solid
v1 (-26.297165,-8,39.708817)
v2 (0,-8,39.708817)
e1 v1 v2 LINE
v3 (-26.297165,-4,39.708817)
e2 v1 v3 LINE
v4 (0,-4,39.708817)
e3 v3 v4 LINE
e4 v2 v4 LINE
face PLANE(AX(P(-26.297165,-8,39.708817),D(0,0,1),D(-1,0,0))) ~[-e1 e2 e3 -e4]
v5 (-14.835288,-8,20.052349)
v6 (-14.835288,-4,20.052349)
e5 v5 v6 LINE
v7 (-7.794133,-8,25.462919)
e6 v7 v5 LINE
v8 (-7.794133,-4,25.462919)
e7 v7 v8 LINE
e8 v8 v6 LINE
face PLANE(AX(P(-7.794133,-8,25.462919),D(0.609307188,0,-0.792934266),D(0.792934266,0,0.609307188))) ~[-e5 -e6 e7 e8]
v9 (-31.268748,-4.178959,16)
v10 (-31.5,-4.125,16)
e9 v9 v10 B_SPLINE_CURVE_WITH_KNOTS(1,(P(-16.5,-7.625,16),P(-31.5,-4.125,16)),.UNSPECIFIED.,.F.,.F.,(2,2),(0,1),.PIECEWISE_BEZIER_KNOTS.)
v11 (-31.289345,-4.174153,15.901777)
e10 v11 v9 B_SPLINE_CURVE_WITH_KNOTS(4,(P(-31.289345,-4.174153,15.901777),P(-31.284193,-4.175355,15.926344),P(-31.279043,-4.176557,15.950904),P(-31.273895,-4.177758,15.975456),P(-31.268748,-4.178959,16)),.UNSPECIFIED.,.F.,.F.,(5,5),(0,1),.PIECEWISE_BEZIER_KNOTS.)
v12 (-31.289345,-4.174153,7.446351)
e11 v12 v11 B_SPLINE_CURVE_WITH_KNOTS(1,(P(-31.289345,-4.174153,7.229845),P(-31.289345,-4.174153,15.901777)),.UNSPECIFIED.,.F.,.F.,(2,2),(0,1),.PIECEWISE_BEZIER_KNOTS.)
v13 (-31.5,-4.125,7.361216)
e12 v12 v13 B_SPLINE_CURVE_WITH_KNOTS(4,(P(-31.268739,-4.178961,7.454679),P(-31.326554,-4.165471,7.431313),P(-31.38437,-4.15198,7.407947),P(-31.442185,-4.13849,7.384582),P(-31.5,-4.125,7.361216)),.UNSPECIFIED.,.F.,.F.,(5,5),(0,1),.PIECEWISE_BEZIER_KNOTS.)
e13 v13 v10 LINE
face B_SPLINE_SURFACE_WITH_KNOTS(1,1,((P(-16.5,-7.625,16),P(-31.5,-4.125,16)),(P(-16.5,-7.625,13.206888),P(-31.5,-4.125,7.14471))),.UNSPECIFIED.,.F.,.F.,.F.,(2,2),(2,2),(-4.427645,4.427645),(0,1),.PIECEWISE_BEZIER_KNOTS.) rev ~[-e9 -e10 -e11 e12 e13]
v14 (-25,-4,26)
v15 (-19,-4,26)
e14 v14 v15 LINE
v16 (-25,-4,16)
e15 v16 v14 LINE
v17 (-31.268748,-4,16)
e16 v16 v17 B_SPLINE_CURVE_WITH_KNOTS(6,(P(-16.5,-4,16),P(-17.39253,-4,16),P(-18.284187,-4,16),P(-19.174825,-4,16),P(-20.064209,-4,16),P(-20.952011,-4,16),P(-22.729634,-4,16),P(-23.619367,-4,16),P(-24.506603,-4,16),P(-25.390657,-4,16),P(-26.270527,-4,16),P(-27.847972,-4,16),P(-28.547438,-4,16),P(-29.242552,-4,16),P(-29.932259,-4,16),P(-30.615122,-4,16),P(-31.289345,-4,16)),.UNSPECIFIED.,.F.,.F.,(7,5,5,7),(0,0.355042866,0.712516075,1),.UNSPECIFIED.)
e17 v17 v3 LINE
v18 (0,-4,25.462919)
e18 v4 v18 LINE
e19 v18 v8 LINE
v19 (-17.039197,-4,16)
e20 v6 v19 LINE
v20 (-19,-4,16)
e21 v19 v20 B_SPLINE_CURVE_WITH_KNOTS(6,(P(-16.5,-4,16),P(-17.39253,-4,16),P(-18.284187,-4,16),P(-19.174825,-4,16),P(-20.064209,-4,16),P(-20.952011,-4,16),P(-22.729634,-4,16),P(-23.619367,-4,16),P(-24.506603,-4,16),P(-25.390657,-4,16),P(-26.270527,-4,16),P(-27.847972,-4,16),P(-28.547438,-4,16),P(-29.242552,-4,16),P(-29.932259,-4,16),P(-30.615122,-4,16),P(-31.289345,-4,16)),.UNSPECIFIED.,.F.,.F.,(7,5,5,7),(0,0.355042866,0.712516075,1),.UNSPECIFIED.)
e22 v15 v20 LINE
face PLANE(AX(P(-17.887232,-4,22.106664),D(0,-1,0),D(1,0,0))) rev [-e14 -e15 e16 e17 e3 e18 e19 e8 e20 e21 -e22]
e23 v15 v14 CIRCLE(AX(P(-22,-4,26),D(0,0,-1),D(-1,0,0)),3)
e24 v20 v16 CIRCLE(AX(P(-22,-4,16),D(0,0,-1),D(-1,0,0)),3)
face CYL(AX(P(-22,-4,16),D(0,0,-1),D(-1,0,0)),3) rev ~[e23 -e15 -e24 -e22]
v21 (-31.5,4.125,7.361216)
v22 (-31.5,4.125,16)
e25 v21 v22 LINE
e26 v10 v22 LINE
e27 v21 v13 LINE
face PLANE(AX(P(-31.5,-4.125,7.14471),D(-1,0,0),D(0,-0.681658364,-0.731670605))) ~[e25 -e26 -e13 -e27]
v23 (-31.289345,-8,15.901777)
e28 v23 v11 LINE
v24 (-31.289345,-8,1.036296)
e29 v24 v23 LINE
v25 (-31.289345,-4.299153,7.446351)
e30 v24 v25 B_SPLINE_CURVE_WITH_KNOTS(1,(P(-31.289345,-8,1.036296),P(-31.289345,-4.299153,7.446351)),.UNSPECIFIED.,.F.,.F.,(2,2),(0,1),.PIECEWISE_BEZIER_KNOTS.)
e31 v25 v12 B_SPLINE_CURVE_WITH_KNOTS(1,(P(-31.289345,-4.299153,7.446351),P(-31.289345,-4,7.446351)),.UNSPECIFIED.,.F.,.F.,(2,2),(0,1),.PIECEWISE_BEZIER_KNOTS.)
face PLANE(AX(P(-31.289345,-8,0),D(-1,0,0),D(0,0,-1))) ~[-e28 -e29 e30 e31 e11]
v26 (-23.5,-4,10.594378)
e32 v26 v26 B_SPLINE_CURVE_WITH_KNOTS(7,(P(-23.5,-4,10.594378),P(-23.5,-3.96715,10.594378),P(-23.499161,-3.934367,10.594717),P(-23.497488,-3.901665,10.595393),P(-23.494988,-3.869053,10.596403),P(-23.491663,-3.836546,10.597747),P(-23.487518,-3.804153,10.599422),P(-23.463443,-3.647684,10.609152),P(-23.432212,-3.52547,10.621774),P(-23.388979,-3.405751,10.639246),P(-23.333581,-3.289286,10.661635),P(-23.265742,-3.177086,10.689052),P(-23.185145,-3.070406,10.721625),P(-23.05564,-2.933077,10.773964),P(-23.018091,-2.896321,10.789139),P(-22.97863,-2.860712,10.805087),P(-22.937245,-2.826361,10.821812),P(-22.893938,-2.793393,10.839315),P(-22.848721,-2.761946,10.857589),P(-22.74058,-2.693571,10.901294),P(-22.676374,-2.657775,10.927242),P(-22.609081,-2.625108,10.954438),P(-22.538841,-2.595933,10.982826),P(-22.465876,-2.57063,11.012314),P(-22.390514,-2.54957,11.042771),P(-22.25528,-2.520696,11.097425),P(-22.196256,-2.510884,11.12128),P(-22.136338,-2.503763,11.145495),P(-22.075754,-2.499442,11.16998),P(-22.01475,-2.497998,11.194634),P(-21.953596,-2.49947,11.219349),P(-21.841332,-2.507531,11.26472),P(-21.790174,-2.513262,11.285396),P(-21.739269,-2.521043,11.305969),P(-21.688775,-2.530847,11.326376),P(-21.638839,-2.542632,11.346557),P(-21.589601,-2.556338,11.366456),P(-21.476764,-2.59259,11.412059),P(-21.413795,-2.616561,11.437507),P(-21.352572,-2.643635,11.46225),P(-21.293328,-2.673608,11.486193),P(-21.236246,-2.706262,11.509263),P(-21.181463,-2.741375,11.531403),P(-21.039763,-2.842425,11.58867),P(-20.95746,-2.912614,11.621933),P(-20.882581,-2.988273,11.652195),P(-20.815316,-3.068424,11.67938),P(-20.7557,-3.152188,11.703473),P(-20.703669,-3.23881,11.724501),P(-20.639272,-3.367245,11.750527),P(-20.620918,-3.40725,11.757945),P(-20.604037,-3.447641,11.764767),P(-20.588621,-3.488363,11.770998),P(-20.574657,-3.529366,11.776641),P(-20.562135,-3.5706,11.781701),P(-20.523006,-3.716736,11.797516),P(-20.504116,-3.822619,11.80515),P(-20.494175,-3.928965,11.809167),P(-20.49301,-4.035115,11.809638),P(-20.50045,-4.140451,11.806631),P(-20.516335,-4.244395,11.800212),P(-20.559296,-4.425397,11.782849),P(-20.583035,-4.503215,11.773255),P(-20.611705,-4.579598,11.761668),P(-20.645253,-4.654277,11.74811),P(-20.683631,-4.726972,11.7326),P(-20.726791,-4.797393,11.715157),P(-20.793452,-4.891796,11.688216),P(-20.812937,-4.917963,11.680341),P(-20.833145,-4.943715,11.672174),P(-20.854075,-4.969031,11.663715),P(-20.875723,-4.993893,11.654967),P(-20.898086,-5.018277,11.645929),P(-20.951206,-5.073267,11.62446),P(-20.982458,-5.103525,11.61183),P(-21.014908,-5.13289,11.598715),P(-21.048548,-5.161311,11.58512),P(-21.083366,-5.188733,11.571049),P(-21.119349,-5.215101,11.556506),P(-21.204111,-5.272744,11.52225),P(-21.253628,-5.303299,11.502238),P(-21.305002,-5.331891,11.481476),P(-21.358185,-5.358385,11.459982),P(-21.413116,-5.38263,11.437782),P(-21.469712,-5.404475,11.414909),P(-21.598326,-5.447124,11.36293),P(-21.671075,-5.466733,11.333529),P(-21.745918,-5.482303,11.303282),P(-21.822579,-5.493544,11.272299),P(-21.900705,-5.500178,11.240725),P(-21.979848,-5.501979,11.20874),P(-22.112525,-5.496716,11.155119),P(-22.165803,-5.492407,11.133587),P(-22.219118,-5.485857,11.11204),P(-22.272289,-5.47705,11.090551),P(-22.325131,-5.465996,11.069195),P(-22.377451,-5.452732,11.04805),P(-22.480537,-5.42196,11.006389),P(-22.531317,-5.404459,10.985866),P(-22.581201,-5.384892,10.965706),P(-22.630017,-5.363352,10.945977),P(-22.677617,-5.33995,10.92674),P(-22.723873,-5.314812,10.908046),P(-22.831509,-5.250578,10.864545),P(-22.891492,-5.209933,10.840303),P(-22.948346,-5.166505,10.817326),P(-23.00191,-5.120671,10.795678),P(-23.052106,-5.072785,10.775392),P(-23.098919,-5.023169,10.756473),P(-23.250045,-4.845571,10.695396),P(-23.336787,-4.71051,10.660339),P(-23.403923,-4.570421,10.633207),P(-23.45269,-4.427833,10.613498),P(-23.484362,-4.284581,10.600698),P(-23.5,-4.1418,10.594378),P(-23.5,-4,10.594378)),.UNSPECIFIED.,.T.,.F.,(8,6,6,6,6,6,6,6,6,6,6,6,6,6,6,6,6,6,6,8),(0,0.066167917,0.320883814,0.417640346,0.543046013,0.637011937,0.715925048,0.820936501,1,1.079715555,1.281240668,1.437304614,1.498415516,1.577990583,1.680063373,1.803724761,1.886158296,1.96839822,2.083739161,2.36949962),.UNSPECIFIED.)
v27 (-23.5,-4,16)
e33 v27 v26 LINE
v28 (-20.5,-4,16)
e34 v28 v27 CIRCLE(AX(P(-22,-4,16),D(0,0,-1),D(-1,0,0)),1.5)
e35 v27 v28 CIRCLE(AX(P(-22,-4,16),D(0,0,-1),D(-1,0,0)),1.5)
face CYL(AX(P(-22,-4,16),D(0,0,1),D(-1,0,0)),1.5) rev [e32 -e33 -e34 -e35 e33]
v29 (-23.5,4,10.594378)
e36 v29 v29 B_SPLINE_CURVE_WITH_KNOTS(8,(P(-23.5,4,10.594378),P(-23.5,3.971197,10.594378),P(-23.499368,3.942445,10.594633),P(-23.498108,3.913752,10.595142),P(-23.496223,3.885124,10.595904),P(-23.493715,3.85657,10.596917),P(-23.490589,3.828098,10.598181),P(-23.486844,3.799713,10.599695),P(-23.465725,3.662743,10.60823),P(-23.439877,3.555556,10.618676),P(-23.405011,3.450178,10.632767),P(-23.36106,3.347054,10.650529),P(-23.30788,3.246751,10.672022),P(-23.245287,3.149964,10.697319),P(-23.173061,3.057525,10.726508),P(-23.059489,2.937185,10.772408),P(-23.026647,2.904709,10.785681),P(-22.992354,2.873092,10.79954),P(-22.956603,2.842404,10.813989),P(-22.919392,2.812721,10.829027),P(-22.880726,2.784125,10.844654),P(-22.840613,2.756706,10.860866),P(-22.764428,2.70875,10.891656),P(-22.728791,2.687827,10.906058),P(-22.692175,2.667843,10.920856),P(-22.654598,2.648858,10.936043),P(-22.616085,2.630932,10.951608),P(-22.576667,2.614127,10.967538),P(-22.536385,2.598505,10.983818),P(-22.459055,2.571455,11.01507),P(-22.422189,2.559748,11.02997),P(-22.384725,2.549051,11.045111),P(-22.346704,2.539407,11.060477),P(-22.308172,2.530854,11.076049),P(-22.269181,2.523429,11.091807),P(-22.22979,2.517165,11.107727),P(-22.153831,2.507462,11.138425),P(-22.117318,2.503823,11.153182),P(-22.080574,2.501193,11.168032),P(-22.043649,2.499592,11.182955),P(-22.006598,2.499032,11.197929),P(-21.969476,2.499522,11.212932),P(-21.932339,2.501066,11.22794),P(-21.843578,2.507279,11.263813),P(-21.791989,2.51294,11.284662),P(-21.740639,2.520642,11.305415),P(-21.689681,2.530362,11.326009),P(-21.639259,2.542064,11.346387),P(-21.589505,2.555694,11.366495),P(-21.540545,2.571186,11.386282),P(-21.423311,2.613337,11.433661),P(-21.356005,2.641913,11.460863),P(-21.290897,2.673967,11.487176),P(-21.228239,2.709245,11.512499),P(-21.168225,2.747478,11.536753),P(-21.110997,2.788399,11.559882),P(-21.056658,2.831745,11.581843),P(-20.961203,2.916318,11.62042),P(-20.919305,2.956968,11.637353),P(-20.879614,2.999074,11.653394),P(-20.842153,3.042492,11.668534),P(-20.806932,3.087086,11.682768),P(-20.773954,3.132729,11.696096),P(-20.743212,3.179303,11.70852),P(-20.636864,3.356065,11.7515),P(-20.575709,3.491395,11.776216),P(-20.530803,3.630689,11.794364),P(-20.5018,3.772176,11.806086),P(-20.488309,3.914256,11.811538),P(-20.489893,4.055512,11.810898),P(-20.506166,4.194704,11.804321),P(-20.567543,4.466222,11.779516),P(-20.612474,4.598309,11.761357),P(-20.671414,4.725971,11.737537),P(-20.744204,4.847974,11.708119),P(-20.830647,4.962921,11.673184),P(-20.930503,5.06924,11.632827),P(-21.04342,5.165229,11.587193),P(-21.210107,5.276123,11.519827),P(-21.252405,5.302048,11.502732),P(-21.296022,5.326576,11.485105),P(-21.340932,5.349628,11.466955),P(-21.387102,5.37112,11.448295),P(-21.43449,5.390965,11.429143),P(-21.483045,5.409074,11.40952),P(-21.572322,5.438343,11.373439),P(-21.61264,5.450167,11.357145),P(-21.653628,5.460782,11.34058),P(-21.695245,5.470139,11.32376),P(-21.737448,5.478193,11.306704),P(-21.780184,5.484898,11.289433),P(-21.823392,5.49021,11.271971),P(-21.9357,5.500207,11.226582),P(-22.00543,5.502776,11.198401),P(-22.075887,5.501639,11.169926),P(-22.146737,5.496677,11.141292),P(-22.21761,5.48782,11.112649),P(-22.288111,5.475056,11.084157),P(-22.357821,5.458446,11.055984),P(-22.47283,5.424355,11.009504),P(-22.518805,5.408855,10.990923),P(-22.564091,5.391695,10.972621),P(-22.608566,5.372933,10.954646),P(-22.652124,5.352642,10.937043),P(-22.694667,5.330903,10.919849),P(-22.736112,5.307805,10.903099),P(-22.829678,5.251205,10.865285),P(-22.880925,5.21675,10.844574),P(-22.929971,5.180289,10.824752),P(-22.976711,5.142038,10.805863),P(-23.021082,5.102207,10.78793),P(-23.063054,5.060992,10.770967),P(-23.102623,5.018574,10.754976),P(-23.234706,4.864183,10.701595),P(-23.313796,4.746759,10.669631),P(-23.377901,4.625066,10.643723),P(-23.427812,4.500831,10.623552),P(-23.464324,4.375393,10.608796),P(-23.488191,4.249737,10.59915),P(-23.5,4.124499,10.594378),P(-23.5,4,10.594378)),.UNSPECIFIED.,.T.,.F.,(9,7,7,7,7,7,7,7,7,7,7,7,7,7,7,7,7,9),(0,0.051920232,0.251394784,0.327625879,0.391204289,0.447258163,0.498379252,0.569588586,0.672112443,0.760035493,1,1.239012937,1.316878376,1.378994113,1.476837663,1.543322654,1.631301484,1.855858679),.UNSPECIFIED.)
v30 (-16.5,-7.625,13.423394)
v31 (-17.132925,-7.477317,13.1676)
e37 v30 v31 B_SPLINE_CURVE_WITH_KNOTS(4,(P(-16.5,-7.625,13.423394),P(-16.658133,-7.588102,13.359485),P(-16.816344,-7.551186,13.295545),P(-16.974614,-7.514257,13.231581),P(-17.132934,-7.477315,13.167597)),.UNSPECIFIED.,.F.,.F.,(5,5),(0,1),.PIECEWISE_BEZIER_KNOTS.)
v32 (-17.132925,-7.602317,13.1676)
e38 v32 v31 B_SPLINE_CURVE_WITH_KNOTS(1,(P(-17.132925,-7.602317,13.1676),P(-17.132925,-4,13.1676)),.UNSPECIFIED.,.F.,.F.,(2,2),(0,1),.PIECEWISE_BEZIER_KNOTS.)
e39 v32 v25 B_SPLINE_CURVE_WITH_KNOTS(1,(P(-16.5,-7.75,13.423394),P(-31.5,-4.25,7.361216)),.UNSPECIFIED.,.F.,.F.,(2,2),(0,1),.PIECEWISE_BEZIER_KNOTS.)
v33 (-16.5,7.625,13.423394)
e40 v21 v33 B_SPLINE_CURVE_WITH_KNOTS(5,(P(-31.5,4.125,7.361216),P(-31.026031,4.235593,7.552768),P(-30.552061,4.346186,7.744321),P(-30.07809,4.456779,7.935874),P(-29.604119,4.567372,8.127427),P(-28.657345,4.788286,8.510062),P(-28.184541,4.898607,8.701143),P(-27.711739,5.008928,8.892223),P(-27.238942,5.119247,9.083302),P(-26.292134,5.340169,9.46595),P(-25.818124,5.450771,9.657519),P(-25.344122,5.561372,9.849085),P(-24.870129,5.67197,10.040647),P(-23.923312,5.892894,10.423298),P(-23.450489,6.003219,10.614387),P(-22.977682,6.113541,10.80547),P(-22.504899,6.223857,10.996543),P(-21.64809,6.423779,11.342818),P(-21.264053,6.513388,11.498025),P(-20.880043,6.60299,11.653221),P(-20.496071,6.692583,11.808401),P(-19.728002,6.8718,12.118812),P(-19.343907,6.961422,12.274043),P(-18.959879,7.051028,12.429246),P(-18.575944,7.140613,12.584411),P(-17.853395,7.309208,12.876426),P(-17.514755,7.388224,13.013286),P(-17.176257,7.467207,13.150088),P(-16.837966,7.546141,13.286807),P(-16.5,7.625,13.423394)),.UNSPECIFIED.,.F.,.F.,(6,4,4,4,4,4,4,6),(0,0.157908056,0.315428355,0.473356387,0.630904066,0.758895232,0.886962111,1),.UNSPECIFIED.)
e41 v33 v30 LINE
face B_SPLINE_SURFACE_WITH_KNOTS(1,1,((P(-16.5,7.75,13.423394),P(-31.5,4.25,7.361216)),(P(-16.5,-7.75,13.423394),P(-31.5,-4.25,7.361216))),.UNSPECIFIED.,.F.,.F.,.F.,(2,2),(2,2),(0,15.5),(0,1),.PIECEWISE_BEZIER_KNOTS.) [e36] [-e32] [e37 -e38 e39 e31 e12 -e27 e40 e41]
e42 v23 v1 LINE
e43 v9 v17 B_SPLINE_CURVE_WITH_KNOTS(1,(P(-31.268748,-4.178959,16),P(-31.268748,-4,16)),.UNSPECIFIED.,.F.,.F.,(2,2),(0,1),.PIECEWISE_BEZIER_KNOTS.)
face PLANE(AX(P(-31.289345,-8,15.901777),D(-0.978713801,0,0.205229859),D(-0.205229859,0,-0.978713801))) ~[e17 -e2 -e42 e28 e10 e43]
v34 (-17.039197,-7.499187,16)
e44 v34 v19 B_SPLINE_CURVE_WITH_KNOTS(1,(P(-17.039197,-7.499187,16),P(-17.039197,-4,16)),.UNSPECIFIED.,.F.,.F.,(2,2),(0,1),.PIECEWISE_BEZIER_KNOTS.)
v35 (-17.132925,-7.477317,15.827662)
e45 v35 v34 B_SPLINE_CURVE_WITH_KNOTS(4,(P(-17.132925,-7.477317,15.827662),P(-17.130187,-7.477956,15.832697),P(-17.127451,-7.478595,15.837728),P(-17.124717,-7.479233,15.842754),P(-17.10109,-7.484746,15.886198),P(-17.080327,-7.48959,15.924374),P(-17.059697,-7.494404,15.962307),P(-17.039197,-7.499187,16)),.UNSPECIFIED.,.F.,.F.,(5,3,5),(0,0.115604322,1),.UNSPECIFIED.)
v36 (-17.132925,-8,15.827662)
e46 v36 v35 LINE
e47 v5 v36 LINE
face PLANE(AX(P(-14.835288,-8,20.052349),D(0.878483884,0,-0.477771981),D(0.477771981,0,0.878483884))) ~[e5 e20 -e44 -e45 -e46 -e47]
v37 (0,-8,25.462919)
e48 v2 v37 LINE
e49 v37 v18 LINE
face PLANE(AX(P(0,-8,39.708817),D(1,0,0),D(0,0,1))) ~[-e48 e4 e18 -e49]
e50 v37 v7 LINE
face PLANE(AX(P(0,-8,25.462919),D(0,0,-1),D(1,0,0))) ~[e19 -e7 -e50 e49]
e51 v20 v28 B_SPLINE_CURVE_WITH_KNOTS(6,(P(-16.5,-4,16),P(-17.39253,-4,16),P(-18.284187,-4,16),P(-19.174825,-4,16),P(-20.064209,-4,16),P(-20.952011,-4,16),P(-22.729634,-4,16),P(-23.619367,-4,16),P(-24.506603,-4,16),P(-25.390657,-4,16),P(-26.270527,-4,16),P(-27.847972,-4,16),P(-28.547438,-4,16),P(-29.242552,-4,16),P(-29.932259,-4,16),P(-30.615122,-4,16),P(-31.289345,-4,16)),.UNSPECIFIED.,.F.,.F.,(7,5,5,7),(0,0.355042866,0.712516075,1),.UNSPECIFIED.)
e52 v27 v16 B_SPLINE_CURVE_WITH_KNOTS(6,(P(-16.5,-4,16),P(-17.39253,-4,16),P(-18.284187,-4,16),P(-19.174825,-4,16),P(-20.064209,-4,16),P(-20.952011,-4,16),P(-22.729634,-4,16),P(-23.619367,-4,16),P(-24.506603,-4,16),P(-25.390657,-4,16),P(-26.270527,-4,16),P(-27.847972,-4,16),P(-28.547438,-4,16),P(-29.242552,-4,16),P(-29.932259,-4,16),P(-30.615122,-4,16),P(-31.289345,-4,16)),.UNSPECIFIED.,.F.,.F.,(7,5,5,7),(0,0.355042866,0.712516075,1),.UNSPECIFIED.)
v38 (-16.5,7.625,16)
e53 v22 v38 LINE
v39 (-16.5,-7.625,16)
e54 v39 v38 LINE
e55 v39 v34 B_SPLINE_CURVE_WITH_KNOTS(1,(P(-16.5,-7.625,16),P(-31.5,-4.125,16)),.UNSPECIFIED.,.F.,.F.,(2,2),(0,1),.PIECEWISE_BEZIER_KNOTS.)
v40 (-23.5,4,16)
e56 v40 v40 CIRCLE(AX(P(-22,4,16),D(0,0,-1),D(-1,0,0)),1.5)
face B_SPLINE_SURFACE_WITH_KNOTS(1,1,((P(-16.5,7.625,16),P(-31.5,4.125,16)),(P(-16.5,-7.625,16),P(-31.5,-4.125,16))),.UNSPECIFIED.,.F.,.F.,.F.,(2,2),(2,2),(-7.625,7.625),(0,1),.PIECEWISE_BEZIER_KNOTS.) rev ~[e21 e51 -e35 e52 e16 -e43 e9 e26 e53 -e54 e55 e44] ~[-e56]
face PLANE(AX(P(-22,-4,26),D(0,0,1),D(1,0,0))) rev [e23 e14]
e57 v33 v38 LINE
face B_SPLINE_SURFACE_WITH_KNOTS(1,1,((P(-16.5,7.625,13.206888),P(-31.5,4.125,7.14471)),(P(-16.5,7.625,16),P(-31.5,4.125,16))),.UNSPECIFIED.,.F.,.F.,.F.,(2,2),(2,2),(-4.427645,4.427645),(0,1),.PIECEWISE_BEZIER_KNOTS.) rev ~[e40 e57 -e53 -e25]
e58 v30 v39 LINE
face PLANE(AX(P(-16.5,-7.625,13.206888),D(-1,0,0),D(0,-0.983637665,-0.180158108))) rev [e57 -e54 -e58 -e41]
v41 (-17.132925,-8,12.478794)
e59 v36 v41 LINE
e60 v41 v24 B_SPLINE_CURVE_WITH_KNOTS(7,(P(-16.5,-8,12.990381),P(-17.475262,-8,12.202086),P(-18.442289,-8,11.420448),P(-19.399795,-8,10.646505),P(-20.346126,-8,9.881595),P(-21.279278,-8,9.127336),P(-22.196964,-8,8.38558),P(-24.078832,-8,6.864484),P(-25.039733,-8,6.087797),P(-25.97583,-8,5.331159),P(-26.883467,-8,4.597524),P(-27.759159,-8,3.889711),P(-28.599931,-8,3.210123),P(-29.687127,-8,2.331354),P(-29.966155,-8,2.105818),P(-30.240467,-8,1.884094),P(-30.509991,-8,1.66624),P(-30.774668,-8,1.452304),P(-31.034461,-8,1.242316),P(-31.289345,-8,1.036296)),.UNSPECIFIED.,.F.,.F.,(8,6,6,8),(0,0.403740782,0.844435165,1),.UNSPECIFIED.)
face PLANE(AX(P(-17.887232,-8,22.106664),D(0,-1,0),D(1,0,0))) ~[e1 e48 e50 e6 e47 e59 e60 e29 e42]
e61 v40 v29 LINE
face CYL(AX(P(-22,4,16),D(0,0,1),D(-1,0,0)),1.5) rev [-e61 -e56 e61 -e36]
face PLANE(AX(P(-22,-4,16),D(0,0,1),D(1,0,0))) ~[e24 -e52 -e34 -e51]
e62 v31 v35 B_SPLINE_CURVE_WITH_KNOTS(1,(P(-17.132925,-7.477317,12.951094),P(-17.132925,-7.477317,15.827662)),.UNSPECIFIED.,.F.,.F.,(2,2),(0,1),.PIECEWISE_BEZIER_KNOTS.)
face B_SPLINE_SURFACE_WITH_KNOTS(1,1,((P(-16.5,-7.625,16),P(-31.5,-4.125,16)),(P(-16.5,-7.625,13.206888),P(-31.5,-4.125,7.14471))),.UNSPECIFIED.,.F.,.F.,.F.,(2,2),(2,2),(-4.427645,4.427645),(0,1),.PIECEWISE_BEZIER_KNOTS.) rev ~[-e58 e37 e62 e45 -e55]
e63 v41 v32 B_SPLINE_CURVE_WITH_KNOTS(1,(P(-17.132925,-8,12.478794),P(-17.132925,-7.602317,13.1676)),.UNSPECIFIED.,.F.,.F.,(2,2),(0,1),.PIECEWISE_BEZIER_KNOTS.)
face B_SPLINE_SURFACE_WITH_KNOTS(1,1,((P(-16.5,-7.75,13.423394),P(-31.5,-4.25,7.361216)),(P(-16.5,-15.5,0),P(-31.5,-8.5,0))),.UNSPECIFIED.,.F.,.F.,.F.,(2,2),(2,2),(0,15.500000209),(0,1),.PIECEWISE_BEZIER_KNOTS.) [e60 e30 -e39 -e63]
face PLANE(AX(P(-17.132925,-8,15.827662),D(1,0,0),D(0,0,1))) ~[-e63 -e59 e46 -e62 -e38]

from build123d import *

# Parameters (mm, degrees)
SKETCH040_R  = 1.5
PAD029_DEPTH = 20
SKETCH045_R  = 3
PAD031_DEPTH = 10
SKETCH037_W  = 15.25
SKETCH037_H  = 2.793113
SKETCH038_W  = 8.25
SKETCH038_H  = 8.85529
PAD030_DEPTH = 4


with BuildPart() as mountingblock_cutout:
    # Sketch042 → Loft002 section 0
    with BuildSketch(Plane.YZ.offset(16.5)):
        Polygon((15.5, 0), (7.75, 13.423394), (-7.75, 13.423394), (-15.5, 0), (-7.75, -13.423394), (7.75, -13.423394), align=None)
    # Sketch043 → Loft002 section 1
    with BuildSketch(Plane.YZ.offset(31.5)):
        Polygon((8.5, 0), (4.25, 7.361216), (-4.25, 7.361216), (-8.5, 0), (-4.25, -7.361216), (4.25, -7.361216), align=None)
    loft(ruled=True)


with BuildPart() as screw_cutouts:
    # Sketch040 → Pad029 (new body)
    with BuildSketch(Plane.XY.offset(16)):
        with Locations((22, 4)):
            Circle(SKETCH040_R)
        with Locations((22, -4)):
            Circle(SKETCH040_R)
    extrude(amount=-PAD029_DEPTH)


with BuildPart() as cutouts:
    # Sketch045 → Pad031 (new body)
    with BuildSketch(Plane.XY.offset(16)):
        with Locations((22, 4)):
            Circle(SKETCH045_R)
        with Locations((22, -4)):
            Circle(SKETCH045_R)
    extrude(amount=PAD031_DEPTH)

    # Fusion004008: union MountingBlock Cutout, Screw Cutouts
    add(mountingblock_cutout.part)
    add(screw_cutouts.part)


with BuildPart() as mountingblock_mount:
    # Sketch037 → Loft001 section 0
    with BuildSketch(Plane.YZ.offset(16.5)):
        with Locations((0, 14.603444)):
            Rectangle(SKETCH037_W, SKETCH037_H)
    # Sketch038 → Loft001 section 1
    with BuildSketch(Plane.YZ.offset(31.5)):
        with Locations((0, 11.572355)):
            Rectangle(SKETCH038_W, SKETCH038_H)
    loft(ruled=True)


with BuildPart() as base_plate:
    # Sketch041 → Pad030 (new body)
    with BuildSketch(Plane.XZ.offset(8)):
        Polygon((31.289345, 0), (31.289345, 15.901777), (26.297165, 39.708817), (0, 39.708817), (0, 25.462919), (7.794133, 25.462919), (14.835288, 20.052349), (17.132925, 15.827662), (17.132925, 0), align=None)
    extrude(amount=-PAD030_DEPTH)

    # Fusion004009: union MountingBlock Mount
    add(mountingblock_mount.part)

    # Cut007003: cut cutouts
    add(cutouts.part, mode=Mode.SUBTRACT)


with BuildPart() as part_mirroring:
    # Part__Mirroring: instance of Base Plate
    add(base_plate.part.mirror(Plane(origin=(0, 0, 0), x_dir=(0, -1, 0), z_dir=(1, 0, 0))))


solid = part_mirroring.part
